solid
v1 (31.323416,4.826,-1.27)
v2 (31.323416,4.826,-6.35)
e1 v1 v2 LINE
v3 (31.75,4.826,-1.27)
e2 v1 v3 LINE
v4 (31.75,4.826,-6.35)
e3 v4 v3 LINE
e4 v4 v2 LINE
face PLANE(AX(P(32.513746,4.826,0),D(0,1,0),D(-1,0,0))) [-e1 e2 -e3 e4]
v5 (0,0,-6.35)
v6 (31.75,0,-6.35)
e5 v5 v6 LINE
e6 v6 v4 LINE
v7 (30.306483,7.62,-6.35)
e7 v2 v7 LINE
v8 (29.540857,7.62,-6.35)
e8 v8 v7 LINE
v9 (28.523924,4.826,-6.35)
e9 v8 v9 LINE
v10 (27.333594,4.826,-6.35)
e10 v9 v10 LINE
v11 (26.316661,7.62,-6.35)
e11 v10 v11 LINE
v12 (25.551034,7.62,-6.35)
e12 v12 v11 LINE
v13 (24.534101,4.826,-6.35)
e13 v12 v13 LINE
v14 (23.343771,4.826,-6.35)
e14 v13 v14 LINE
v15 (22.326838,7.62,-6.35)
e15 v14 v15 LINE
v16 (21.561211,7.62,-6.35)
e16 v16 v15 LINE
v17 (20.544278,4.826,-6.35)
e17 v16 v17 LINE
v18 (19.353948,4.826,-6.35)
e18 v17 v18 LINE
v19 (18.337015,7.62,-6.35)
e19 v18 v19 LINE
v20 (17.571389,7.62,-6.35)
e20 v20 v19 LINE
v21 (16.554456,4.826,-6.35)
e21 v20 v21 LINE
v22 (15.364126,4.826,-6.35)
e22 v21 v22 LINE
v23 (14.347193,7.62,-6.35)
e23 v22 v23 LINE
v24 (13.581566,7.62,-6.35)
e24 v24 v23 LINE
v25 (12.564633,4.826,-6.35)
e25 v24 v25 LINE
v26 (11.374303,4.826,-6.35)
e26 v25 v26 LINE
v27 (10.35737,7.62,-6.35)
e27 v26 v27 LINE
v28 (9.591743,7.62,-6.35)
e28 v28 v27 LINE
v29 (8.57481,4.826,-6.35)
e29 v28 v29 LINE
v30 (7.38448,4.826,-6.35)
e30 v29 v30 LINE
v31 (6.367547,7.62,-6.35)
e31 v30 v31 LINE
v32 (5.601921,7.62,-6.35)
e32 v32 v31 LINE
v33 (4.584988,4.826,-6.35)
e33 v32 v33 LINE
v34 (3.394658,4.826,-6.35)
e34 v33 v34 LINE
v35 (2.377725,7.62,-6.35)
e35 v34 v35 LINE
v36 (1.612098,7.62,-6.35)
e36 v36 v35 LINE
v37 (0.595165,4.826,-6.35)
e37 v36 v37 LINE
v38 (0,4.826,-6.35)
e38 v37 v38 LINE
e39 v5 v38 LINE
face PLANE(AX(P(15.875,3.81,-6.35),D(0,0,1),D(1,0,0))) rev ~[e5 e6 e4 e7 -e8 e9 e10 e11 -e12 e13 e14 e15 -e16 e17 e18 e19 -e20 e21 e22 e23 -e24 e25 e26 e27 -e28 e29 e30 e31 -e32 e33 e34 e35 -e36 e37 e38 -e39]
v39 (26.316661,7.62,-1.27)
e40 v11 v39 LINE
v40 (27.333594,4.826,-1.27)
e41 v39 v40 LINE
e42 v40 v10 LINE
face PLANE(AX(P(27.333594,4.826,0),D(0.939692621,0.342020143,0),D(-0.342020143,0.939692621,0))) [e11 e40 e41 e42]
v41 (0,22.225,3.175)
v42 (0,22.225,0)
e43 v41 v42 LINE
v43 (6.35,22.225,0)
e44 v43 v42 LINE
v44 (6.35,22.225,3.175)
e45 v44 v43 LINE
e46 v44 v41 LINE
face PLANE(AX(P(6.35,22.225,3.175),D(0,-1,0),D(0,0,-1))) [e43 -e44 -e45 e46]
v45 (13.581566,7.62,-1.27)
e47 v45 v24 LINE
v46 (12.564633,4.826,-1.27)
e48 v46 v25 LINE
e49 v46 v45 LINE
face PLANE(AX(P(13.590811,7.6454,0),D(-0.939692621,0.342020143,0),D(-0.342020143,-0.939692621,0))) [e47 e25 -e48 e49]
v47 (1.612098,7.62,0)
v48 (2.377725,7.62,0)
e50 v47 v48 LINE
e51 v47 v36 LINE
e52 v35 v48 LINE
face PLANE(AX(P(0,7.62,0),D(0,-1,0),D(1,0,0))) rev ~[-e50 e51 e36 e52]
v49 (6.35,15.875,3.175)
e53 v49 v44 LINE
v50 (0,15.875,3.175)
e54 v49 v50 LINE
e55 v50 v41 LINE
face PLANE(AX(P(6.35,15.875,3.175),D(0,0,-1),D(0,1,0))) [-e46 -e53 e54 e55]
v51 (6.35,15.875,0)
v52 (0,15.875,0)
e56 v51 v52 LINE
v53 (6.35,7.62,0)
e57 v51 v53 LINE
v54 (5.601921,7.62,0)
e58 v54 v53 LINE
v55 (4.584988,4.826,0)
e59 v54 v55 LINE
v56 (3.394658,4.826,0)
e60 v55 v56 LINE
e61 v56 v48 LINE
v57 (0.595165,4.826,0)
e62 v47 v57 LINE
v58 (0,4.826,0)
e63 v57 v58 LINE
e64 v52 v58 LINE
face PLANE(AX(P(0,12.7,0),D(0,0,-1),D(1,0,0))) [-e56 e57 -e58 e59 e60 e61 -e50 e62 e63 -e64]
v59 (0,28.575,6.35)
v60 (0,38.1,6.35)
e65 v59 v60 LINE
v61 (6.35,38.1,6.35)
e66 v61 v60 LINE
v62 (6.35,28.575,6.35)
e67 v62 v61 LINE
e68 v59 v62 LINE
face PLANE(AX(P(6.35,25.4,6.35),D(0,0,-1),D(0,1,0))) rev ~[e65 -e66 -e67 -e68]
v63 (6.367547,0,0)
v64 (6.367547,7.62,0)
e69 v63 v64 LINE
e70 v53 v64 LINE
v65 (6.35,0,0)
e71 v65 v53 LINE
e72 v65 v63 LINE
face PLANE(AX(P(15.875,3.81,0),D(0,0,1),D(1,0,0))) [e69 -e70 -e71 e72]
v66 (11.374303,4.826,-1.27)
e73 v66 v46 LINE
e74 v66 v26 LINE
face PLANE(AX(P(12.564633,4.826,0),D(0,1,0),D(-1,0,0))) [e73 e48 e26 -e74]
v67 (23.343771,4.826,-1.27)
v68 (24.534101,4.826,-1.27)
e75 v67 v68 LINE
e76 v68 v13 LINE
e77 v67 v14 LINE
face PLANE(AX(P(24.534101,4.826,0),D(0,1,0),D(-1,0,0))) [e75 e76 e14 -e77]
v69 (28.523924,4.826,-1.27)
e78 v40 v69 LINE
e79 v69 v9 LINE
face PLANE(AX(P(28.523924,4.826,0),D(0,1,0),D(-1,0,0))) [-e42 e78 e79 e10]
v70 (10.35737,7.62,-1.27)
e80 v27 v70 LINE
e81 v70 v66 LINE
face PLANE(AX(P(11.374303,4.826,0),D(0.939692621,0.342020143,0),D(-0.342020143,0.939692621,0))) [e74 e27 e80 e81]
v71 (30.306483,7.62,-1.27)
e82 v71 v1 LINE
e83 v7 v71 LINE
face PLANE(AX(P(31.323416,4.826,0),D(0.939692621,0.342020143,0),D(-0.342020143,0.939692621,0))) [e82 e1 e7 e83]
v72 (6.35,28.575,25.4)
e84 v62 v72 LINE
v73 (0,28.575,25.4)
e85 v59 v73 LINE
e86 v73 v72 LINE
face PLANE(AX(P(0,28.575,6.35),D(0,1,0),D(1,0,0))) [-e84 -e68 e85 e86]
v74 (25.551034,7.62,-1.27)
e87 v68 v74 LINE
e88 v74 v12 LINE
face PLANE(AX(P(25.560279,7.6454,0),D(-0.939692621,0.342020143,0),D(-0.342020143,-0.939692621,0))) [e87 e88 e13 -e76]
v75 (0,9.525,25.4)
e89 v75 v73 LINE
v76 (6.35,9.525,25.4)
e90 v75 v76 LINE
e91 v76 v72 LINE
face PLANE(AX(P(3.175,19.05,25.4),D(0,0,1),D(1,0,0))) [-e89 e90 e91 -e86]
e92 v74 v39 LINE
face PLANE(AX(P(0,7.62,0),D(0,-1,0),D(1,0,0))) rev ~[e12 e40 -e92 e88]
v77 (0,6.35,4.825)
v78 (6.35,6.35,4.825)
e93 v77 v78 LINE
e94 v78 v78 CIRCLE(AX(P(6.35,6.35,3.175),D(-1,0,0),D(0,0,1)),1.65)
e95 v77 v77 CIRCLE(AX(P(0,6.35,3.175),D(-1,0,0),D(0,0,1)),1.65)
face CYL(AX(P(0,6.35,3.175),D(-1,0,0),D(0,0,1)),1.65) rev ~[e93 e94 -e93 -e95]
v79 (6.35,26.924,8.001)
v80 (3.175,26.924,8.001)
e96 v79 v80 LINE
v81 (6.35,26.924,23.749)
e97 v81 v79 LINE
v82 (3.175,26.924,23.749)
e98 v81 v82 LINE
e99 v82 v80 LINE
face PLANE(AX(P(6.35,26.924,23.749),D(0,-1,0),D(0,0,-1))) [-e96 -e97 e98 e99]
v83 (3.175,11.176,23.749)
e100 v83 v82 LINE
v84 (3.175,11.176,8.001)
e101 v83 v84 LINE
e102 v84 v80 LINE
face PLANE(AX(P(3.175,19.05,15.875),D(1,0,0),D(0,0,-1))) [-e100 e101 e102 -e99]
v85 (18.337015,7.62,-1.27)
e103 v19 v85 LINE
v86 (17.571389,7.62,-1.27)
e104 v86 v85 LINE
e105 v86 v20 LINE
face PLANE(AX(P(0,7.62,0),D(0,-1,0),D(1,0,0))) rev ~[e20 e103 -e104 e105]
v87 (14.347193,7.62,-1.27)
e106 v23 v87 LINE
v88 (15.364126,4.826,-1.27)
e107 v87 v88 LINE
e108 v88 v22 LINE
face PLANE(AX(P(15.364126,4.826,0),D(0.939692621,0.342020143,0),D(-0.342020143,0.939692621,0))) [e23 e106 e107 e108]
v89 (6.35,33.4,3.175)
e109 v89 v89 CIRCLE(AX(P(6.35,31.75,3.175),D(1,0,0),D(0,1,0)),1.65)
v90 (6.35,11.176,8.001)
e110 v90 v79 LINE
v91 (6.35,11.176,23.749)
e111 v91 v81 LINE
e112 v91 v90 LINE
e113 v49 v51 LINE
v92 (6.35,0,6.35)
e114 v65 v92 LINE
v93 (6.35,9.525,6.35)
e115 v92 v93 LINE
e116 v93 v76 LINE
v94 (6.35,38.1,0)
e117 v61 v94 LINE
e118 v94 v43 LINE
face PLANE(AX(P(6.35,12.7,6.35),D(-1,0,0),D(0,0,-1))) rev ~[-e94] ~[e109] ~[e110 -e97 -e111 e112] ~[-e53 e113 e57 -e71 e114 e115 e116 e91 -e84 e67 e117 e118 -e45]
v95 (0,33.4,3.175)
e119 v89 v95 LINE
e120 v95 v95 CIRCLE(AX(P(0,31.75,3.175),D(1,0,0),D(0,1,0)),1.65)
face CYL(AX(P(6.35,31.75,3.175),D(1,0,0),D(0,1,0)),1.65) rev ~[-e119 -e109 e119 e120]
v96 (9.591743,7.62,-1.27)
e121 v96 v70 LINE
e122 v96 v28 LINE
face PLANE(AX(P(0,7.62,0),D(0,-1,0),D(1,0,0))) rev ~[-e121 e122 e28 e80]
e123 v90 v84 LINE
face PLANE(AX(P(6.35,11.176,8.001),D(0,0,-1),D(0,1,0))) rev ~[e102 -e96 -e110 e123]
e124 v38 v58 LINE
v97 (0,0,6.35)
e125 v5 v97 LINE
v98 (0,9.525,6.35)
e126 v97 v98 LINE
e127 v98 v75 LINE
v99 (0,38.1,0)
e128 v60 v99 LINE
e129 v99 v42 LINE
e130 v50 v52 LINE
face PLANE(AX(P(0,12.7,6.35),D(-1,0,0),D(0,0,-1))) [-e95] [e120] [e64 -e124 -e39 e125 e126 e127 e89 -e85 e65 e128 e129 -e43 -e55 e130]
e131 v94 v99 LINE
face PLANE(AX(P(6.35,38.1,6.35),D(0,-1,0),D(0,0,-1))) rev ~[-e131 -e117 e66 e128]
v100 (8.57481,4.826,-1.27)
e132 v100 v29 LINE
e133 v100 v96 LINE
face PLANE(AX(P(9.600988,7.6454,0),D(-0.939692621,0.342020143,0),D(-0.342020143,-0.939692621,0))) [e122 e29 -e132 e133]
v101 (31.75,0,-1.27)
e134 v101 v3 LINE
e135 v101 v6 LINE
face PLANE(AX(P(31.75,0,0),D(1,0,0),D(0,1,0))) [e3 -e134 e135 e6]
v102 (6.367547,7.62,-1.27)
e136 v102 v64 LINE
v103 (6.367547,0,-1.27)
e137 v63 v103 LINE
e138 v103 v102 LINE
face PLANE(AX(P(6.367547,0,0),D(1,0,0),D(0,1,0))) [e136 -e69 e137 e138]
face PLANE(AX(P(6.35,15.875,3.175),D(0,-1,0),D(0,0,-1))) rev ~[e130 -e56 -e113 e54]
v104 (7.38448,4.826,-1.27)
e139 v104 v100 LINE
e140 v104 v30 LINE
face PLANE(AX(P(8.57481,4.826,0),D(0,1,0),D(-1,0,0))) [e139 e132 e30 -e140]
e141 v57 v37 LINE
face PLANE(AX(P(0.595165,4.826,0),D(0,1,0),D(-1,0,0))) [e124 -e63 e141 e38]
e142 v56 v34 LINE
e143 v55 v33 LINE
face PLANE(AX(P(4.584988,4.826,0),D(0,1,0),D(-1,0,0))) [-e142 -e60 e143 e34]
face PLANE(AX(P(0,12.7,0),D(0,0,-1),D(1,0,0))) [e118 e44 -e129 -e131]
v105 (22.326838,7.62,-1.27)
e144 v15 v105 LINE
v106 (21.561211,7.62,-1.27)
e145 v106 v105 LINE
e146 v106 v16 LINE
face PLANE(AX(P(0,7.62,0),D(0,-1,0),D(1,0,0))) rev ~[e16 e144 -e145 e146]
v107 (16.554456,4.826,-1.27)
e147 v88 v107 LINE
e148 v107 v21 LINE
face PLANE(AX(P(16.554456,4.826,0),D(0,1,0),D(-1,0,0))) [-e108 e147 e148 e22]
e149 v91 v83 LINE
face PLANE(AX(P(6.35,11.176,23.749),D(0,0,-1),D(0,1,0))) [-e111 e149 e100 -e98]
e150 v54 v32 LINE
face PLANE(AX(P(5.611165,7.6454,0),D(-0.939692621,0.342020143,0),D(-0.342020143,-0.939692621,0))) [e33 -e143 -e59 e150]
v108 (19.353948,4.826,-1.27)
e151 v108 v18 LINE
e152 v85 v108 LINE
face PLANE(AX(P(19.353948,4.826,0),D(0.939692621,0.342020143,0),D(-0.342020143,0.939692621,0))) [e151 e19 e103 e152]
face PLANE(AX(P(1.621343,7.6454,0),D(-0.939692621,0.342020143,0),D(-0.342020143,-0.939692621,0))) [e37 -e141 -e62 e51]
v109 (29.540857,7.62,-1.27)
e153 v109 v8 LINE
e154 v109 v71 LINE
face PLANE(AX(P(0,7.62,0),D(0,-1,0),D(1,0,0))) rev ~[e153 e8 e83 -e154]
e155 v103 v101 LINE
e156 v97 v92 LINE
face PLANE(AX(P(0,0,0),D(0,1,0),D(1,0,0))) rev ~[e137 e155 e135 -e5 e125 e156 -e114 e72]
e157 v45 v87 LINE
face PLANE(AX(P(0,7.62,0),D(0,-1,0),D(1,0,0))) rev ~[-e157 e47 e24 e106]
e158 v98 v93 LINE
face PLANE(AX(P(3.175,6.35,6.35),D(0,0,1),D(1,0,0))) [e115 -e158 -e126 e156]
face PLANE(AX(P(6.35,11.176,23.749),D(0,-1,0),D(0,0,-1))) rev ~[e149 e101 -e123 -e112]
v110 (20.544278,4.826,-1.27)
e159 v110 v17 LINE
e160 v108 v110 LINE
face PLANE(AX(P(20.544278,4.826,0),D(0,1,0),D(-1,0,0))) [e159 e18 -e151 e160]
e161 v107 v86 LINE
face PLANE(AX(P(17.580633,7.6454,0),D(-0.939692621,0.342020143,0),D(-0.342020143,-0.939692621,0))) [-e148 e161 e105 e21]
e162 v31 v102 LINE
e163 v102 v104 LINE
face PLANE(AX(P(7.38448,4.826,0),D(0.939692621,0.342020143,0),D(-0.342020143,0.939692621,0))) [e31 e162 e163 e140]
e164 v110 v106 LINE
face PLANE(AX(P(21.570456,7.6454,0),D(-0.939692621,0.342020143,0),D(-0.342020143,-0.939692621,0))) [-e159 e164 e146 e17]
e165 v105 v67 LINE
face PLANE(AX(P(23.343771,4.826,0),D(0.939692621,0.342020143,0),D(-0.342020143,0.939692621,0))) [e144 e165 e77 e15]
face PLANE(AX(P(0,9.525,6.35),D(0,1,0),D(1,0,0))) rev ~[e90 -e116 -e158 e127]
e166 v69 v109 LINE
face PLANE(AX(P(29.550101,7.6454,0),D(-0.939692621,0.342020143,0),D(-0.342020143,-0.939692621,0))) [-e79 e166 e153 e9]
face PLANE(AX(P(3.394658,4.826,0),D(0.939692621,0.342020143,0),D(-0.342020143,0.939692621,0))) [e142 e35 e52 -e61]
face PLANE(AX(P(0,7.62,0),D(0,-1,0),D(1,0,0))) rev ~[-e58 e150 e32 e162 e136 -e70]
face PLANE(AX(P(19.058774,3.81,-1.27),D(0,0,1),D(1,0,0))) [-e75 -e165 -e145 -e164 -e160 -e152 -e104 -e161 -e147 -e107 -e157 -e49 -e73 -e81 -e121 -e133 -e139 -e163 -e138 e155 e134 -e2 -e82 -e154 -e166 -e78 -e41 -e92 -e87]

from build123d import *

# Parameters (mm, degrees)
BLANKSKE_W          = 31.75
BLANKSKE_H          = 7.62
BLANK_DEPTH         = 6.35
TOOTHCUTSIM_DEPTH   = 34.263334168
TEETHCUTS_COUNT     = 9
TEETHCUTS_PITCH     = 3.989822666
SKETCH1_W           = 6.35
SKETCH1_H           = 12.7
BOSS_EXTRUDE1_DEPTH = 6.35
SKETCH2_R           = 1.65
CUT_EXTRUDE1_DEPTH  = 6.35
SKETCH4_W           = 6.35
SKETCH4_H           = 19.05
BOSS_EXTRUDE3_DEPTH = 19.05
SKETCH6_W           = 6.35
SKETCH6_H           = 12.7
BOSS_EXTRUDE5_DEPTH = 6.35
SKETCH7_R           = 1.65
CUT_EXTRUDE2_DEPTH  = 6.35
SKETCH8_W           = 15.748
SKETCH8_H           = 15.748
CUT_EXTRUDE3_DEPTH  = 3.175
SKETCH11_W          = 6.35
SKETCH11_H          = 6.35
BOSS_EXTRUDE7_DEPTH = 12.7
SKETCH12_W          = 3.175
SKETCH12_H          = 6.35
CUT_EXTRUDE4_DEPTH  = 6.35
SKETCH13_W          = 25.382452533
SKETCH13_H          = 7.62
CUT_EXTRUDE5_DEPTH  = 1.27


with BuildPart() as part:
    # BlankSke → Blank (new body)
    with BuildSketch(Plane.XY):
        with Locations((15.875, 3.81)):
            Rectangle(BLANKSKE_W, BLANKSKE_H)
    extrude(amount=-BLANK_DEPTH)

    # TooCutSkeSim → ToothCutSim (cut, through all)
    with BuildSketch(Plane.XY):
        Polygon((0.595165029, 4.826), (-0.595165029, 4.826), (-1.621342708, 7.6454), (1.621342708, 7.6454), align=None)
    toothcutsim = extrude(amount=-TOOTHCUTSIM_DEPTH, mode=Mode.SUBTRACT)

    # TeethCuts: ToothCutSim ×9
    with Locations(*[(i * TEETHCUTS_PITCH, 0, 0) for i in range(1, TEETHCUTS_COUNT)]):
        add(toothcutsim, mode=Mode.SUBTRACT)

    # Sketch1 → Boss-Extrude1 (add)
    with BuildSketch(Plane.XY):
        with Locations((3.175, 6.35)):
            Rectangle(SKETCH1_W, SKETCH1_H)
    extrude(amount=BOSS_EXTRUDE1_DEPTH)

    # Sketch2 → Cut-Extrude1 (cut)
    with BuildSketch(Plane.ZY):
        with Locations((3.175, 6.35)):
            Circle(SKETCH2_R)
    extrude(amount=-CUT_EXTRUDE1_DEPTH, mode=Mode.SUBTRACT)

    # Sketch4 → Boss-Extrude3 (add)
    with BuildSketch(Plane.XY.offset(6.35)):
        with Locations((3.175, 19.05)):
            Rectangle(SKETCH4_W, SKETCH4_H)
    extrude(amount=BOSS_EXTRUDE3_DEPTH)

    # Sketch6 → Boss-Extrude5 (add)
    with BuildSketch(Plane(origin=(6.35, 0, 0), x_dir=(0, 0, -1), z_dir=(1, 0, 0))):
        with Locations((-3.175, 31.75)):
            Rectangle(SKETCH6_W, SKETCH6_H)
    extrude(amount=-BOSS_EXTRUDE5_DEPTH)

    # Sketch7 → Cut-Extrude2 (cut)
    with BuildSketch(Plane(origin=(6.35, 0, 0), x_dir=(0, 0, -1), z_dir=(1, 0, 0))):
        with Locations(Location((-3.175, 31.75, 0), (0, 0, 90))):
            Circle(SKETCH7_R)
    extrude(amount=-CUT_EXTRUDE2_DEPTH, mode=Mode.SUBTRACT)

    # Sketch8 → Cut-Extrude3 (cut)
    with BuildSketch(Plane(origin=(6.35, 0, 0), x_dir=(0, 0, -1), z_dir=(1, 0, 0))):
        with Locations((-15.875, 19.05)):
            Rectangle(SKETCH8_W, SKETCH8_H)
    extrude(amount=-CUT_EXTRUDE3_DEPTH, mode=Mode.SUBTRACT)

    # Sketch11 → Boss-Extrude7 (add)
    with BuildSketch(Plane(origin=(0, 12.7, 0), x_dir=(1, 0, 0), z_dir=(0, 1, 0))):
        with Locations((3.175, -3.175)):
            Rectangle(SKETCH11_W, SKETCH11_H)
    extrude(amount=BOSS_EXTRUDE7_DEPTH)

    # Sketch12 → Cut-Extrude4 (cut)
    with BuildSketch(Plane(origin=(6.35, 0, 0), x_dir=(0, 0, -1), z_dir=(1, 0, 0))):
        with Locations((-1.5875, 19.05)):
            Rectangle(SKETCH12_W, SKETCH12_H)
    extrude(amount=-CUT_EXTRUDE4_DEPTH, mode=Mode.SUBTRACT)

    # Sketch13 → Cut-Extrude5 (cut)
    with BuildSketch(Plane.XY):
        with Locations((19.058773734, 3.81)):
            Rectangle(SKETCH13_W, SKETCH13_H)
    extrude(amount=-CUT_EXTRUDE5_DEPTH, mode=Mode.SUBTRACT)


solid = part.part
